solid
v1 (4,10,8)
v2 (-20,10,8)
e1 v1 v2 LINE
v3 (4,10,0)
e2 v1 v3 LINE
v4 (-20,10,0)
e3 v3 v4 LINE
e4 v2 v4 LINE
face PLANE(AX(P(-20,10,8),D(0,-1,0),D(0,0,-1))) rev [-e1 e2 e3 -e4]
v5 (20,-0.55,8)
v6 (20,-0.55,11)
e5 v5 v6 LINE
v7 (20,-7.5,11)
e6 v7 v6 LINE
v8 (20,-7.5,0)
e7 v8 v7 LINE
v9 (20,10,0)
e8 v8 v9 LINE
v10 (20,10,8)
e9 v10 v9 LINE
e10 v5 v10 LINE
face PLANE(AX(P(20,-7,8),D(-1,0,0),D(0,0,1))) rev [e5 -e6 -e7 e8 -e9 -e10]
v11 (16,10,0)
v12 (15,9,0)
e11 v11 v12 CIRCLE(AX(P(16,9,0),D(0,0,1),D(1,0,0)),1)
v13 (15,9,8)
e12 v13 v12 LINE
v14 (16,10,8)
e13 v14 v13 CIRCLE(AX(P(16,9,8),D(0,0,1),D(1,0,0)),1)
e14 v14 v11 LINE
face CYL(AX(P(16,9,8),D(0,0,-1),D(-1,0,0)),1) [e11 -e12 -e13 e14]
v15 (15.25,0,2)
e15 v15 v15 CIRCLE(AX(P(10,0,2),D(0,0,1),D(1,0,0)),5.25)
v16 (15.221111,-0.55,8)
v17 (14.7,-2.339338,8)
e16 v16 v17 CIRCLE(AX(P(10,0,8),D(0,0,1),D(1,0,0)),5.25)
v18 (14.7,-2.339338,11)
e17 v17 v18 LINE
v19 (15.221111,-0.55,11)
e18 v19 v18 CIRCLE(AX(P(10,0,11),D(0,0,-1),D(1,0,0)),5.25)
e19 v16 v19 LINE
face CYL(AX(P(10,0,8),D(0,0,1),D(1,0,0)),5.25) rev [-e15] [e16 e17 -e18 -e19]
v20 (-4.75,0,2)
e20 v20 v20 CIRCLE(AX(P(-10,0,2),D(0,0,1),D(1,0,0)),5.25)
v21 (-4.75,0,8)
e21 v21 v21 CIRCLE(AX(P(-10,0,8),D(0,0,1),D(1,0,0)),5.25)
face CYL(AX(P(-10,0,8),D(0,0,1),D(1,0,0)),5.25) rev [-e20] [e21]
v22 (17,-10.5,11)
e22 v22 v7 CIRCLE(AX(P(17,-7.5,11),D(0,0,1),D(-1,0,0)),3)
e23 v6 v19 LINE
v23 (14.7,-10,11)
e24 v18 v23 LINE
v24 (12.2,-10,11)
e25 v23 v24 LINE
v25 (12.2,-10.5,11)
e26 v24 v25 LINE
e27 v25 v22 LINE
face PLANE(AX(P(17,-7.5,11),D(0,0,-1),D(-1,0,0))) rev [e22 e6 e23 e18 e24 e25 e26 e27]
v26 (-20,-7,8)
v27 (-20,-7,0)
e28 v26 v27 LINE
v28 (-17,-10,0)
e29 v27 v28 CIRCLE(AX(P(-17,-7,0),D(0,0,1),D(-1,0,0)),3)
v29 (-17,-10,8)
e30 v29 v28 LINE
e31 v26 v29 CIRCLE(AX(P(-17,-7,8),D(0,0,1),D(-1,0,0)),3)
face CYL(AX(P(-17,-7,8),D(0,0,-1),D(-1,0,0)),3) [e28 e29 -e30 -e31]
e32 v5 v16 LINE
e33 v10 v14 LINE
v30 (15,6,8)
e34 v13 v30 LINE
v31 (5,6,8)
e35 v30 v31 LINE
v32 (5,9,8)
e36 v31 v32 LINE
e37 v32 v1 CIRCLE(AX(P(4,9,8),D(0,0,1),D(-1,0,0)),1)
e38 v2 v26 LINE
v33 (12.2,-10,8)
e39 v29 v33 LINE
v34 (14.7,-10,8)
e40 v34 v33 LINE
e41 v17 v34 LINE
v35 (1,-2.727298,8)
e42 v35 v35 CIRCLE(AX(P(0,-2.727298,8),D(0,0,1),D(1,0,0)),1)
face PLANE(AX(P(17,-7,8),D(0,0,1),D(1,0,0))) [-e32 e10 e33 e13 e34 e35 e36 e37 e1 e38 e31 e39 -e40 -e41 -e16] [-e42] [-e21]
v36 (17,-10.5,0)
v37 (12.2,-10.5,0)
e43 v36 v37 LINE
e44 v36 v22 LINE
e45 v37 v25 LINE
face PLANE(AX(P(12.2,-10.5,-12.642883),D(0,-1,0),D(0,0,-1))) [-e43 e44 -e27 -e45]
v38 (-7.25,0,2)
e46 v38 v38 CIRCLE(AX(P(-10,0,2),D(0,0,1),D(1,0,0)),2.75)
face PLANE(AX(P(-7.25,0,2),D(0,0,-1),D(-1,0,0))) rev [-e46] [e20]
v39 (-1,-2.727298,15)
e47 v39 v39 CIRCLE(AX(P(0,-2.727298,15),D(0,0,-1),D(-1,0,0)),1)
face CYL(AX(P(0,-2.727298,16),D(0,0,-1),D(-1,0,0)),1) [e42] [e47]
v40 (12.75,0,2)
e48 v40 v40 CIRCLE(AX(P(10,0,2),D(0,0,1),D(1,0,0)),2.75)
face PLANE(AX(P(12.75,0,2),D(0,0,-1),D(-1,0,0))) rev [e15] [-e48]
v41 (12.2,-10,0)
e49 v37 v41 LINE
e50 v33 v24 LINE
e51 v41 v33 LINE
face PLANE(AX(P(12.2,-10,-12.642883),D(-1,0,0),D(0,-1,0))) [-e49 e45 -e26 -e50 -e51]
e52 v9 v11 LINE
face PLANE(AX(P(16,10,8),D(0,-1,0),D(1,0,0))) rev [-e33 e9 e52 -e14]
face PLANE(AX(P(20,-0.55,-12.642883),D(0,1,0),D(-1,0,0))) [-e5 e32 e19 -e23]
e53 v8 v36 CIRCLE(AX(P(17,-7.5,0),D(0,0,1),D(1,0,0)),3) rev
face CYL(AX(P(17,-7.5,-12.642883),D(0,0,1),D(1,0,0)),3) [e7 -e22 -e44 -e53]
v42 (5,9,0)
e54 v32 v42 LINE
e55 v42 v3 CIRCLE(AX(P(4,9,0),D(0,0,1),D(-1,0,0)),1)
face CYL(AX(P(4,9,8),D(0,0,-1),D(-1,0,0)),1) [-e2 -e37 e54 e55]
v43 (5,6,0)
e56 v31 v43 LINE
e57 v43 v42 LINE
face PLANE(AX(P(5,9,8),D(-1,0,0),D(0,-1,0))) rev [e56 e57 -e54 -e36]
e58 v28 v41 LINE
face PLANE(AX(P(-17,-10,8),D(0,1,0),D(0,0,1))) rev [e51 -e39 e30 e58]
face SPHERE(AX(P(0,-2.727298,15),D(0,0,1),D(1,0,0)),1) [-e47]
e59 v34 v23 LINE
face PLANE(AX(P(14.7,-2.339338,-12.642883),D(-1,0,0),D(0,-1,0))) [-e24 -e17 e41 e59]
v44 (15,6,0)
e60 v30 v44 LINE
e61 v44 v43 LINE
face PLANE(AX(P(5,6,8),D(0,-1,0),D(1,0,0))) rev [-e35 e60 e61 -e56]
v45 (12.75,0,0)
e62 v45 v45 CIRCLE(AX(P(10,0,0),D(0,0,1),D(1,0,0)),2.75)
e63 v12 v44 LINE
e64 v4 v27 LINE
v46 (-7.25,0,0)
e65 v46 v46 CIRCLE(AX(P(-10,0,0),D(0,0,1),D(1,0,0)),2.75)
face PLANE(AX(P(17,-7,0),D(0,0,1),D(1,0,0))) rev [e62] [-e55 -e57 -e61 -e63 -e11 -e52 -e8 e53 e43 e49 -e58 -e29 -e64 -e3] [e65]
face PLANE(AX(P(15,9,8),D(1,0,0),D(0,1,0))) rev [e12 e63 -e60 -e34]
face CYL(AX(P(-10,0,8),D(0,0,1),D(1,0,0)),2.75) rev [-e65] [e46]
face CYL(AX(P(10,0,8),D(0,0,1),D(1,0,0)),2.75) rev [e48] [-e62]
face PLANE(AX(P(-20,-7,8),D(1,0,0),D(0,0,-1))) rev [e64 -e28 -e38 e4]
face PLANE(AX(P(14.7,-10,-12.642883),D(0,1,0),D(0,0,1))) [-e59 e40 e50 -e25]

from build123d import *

# Parameters (mm, degrees)
BOSS_EXTRUDE1_DEPTH            = 8
CBORE_FOR_M5_SHCS1_D           = 5.5
CBORE_FOR_M5_SHCS1_DEPTH       = 8
CBORE_FOR_M5_SHCS1_CBORE_D     = 10.5
CBORE_FOR_M5_SHCS1_CBORE_DEPTH = 6
SKETCH6_R                      = 1
BOSS_EXTRUDE3_DEPTH            = 8
FILLET2_R                      = 1
BOSS_EXTRUDE4_DEPTH            = 3
BOSS_EXTRUDE4_DEPTH_BACK       = 8


with BuildPart() as part:
    # Sketch1 → Boss-Extrude1 (new body)
    with BuildSketch(Plane.XY):
        with BuildLine():
            Line((-17, -10), (17, -10))
            ThreePointArc((17, -10), (19.121320344, -9.121320344), (20, -7))
            Line((20, -7), (20, 10))
            Line((20, 10), (16, 10))
            ThreePointArc((16, 10), (15.292893219, 9.707106781), (15, 9))
            Line((15, 9), (15, 6))
            Line((15, 6), (5, 6))
            Line((5, 6), (5, 9))
            ThreePointArc((5, 9), (4.707106781, 9.707106781), (4, 10))
            Line((4, 10), (-20, 10))
            Line((-20, 10), (-20, -7))
            ThreePointArc((-20, -7), (-19.121320344, -9.121320344), (-17, -10))
        make_face()
    extrude(amount=BOSS_EXTRUDE1_DEPTH)

    # CBORE for M5 SHCS1
    with Locations(Plane.XY.offset(8)):
        with Locations((-10, 0), (10, 0)):
            CounterBoreHole(CBORE_FOR_M5_SHCS1_D / 2, CBORE_FOR_M5_SHCS1_CBORE_D / 2, CBORE_FOR_M5_SHCS1_CBORE_DEPTH, depth=CBORE_FOR_M5_SHCS1_DEPTH)

    # Sketch6 → Boss-Extrude3 (add)
    with BuildSketch(Plane.XY.offset(8)):
        with Locations((0, -2.727298247)):
            Circle(SKETCH6_R)
    extrude(amount=BOSS_EXTRUDE3_DEPTH)

    # Fillet2
    fillet2_edges = [part.edges().sort_by_distance(p)[0] for p in [
        (-1, -2.727298247, 16),
    ]]
    fillet(fillet2_edges, radius=FILLET2_R)

    # Sketch7 → Boss-Extrude4 (add, two sides)
    with BuildSketch(Plane.XY.offset(8)) as boss_extrude4_sk:
        with BuildLine():
            Line((20, -0.55), (15.221110993, -0.55))
            ThreePointArc((15.221110993, -0.55), (15.040589551, -1.467977174), (14.7, -2.339337513))
            Line((14.7, -2.339337513), (14.7, -10))
            Line((14.7, -10), (12.2, -10))
            Line((12.2, -10), (12.2, -10.5))
            Line((12.2, -10.5), (17, -10.5))
            ThreePointArc((17, -10.5), (19.121320344, -9.621320344), (20, -7.5))
            Line((20, -7.5), (20, -0.55))
        make_face()
    extrude(amount=BOSS_EXTRUDE4_DEPTH)
    extrude(boss_extrude4_sk.sketch, amount=-BOSS_EXTRUDE4_DEPTH_BACK)


solid = part.part
